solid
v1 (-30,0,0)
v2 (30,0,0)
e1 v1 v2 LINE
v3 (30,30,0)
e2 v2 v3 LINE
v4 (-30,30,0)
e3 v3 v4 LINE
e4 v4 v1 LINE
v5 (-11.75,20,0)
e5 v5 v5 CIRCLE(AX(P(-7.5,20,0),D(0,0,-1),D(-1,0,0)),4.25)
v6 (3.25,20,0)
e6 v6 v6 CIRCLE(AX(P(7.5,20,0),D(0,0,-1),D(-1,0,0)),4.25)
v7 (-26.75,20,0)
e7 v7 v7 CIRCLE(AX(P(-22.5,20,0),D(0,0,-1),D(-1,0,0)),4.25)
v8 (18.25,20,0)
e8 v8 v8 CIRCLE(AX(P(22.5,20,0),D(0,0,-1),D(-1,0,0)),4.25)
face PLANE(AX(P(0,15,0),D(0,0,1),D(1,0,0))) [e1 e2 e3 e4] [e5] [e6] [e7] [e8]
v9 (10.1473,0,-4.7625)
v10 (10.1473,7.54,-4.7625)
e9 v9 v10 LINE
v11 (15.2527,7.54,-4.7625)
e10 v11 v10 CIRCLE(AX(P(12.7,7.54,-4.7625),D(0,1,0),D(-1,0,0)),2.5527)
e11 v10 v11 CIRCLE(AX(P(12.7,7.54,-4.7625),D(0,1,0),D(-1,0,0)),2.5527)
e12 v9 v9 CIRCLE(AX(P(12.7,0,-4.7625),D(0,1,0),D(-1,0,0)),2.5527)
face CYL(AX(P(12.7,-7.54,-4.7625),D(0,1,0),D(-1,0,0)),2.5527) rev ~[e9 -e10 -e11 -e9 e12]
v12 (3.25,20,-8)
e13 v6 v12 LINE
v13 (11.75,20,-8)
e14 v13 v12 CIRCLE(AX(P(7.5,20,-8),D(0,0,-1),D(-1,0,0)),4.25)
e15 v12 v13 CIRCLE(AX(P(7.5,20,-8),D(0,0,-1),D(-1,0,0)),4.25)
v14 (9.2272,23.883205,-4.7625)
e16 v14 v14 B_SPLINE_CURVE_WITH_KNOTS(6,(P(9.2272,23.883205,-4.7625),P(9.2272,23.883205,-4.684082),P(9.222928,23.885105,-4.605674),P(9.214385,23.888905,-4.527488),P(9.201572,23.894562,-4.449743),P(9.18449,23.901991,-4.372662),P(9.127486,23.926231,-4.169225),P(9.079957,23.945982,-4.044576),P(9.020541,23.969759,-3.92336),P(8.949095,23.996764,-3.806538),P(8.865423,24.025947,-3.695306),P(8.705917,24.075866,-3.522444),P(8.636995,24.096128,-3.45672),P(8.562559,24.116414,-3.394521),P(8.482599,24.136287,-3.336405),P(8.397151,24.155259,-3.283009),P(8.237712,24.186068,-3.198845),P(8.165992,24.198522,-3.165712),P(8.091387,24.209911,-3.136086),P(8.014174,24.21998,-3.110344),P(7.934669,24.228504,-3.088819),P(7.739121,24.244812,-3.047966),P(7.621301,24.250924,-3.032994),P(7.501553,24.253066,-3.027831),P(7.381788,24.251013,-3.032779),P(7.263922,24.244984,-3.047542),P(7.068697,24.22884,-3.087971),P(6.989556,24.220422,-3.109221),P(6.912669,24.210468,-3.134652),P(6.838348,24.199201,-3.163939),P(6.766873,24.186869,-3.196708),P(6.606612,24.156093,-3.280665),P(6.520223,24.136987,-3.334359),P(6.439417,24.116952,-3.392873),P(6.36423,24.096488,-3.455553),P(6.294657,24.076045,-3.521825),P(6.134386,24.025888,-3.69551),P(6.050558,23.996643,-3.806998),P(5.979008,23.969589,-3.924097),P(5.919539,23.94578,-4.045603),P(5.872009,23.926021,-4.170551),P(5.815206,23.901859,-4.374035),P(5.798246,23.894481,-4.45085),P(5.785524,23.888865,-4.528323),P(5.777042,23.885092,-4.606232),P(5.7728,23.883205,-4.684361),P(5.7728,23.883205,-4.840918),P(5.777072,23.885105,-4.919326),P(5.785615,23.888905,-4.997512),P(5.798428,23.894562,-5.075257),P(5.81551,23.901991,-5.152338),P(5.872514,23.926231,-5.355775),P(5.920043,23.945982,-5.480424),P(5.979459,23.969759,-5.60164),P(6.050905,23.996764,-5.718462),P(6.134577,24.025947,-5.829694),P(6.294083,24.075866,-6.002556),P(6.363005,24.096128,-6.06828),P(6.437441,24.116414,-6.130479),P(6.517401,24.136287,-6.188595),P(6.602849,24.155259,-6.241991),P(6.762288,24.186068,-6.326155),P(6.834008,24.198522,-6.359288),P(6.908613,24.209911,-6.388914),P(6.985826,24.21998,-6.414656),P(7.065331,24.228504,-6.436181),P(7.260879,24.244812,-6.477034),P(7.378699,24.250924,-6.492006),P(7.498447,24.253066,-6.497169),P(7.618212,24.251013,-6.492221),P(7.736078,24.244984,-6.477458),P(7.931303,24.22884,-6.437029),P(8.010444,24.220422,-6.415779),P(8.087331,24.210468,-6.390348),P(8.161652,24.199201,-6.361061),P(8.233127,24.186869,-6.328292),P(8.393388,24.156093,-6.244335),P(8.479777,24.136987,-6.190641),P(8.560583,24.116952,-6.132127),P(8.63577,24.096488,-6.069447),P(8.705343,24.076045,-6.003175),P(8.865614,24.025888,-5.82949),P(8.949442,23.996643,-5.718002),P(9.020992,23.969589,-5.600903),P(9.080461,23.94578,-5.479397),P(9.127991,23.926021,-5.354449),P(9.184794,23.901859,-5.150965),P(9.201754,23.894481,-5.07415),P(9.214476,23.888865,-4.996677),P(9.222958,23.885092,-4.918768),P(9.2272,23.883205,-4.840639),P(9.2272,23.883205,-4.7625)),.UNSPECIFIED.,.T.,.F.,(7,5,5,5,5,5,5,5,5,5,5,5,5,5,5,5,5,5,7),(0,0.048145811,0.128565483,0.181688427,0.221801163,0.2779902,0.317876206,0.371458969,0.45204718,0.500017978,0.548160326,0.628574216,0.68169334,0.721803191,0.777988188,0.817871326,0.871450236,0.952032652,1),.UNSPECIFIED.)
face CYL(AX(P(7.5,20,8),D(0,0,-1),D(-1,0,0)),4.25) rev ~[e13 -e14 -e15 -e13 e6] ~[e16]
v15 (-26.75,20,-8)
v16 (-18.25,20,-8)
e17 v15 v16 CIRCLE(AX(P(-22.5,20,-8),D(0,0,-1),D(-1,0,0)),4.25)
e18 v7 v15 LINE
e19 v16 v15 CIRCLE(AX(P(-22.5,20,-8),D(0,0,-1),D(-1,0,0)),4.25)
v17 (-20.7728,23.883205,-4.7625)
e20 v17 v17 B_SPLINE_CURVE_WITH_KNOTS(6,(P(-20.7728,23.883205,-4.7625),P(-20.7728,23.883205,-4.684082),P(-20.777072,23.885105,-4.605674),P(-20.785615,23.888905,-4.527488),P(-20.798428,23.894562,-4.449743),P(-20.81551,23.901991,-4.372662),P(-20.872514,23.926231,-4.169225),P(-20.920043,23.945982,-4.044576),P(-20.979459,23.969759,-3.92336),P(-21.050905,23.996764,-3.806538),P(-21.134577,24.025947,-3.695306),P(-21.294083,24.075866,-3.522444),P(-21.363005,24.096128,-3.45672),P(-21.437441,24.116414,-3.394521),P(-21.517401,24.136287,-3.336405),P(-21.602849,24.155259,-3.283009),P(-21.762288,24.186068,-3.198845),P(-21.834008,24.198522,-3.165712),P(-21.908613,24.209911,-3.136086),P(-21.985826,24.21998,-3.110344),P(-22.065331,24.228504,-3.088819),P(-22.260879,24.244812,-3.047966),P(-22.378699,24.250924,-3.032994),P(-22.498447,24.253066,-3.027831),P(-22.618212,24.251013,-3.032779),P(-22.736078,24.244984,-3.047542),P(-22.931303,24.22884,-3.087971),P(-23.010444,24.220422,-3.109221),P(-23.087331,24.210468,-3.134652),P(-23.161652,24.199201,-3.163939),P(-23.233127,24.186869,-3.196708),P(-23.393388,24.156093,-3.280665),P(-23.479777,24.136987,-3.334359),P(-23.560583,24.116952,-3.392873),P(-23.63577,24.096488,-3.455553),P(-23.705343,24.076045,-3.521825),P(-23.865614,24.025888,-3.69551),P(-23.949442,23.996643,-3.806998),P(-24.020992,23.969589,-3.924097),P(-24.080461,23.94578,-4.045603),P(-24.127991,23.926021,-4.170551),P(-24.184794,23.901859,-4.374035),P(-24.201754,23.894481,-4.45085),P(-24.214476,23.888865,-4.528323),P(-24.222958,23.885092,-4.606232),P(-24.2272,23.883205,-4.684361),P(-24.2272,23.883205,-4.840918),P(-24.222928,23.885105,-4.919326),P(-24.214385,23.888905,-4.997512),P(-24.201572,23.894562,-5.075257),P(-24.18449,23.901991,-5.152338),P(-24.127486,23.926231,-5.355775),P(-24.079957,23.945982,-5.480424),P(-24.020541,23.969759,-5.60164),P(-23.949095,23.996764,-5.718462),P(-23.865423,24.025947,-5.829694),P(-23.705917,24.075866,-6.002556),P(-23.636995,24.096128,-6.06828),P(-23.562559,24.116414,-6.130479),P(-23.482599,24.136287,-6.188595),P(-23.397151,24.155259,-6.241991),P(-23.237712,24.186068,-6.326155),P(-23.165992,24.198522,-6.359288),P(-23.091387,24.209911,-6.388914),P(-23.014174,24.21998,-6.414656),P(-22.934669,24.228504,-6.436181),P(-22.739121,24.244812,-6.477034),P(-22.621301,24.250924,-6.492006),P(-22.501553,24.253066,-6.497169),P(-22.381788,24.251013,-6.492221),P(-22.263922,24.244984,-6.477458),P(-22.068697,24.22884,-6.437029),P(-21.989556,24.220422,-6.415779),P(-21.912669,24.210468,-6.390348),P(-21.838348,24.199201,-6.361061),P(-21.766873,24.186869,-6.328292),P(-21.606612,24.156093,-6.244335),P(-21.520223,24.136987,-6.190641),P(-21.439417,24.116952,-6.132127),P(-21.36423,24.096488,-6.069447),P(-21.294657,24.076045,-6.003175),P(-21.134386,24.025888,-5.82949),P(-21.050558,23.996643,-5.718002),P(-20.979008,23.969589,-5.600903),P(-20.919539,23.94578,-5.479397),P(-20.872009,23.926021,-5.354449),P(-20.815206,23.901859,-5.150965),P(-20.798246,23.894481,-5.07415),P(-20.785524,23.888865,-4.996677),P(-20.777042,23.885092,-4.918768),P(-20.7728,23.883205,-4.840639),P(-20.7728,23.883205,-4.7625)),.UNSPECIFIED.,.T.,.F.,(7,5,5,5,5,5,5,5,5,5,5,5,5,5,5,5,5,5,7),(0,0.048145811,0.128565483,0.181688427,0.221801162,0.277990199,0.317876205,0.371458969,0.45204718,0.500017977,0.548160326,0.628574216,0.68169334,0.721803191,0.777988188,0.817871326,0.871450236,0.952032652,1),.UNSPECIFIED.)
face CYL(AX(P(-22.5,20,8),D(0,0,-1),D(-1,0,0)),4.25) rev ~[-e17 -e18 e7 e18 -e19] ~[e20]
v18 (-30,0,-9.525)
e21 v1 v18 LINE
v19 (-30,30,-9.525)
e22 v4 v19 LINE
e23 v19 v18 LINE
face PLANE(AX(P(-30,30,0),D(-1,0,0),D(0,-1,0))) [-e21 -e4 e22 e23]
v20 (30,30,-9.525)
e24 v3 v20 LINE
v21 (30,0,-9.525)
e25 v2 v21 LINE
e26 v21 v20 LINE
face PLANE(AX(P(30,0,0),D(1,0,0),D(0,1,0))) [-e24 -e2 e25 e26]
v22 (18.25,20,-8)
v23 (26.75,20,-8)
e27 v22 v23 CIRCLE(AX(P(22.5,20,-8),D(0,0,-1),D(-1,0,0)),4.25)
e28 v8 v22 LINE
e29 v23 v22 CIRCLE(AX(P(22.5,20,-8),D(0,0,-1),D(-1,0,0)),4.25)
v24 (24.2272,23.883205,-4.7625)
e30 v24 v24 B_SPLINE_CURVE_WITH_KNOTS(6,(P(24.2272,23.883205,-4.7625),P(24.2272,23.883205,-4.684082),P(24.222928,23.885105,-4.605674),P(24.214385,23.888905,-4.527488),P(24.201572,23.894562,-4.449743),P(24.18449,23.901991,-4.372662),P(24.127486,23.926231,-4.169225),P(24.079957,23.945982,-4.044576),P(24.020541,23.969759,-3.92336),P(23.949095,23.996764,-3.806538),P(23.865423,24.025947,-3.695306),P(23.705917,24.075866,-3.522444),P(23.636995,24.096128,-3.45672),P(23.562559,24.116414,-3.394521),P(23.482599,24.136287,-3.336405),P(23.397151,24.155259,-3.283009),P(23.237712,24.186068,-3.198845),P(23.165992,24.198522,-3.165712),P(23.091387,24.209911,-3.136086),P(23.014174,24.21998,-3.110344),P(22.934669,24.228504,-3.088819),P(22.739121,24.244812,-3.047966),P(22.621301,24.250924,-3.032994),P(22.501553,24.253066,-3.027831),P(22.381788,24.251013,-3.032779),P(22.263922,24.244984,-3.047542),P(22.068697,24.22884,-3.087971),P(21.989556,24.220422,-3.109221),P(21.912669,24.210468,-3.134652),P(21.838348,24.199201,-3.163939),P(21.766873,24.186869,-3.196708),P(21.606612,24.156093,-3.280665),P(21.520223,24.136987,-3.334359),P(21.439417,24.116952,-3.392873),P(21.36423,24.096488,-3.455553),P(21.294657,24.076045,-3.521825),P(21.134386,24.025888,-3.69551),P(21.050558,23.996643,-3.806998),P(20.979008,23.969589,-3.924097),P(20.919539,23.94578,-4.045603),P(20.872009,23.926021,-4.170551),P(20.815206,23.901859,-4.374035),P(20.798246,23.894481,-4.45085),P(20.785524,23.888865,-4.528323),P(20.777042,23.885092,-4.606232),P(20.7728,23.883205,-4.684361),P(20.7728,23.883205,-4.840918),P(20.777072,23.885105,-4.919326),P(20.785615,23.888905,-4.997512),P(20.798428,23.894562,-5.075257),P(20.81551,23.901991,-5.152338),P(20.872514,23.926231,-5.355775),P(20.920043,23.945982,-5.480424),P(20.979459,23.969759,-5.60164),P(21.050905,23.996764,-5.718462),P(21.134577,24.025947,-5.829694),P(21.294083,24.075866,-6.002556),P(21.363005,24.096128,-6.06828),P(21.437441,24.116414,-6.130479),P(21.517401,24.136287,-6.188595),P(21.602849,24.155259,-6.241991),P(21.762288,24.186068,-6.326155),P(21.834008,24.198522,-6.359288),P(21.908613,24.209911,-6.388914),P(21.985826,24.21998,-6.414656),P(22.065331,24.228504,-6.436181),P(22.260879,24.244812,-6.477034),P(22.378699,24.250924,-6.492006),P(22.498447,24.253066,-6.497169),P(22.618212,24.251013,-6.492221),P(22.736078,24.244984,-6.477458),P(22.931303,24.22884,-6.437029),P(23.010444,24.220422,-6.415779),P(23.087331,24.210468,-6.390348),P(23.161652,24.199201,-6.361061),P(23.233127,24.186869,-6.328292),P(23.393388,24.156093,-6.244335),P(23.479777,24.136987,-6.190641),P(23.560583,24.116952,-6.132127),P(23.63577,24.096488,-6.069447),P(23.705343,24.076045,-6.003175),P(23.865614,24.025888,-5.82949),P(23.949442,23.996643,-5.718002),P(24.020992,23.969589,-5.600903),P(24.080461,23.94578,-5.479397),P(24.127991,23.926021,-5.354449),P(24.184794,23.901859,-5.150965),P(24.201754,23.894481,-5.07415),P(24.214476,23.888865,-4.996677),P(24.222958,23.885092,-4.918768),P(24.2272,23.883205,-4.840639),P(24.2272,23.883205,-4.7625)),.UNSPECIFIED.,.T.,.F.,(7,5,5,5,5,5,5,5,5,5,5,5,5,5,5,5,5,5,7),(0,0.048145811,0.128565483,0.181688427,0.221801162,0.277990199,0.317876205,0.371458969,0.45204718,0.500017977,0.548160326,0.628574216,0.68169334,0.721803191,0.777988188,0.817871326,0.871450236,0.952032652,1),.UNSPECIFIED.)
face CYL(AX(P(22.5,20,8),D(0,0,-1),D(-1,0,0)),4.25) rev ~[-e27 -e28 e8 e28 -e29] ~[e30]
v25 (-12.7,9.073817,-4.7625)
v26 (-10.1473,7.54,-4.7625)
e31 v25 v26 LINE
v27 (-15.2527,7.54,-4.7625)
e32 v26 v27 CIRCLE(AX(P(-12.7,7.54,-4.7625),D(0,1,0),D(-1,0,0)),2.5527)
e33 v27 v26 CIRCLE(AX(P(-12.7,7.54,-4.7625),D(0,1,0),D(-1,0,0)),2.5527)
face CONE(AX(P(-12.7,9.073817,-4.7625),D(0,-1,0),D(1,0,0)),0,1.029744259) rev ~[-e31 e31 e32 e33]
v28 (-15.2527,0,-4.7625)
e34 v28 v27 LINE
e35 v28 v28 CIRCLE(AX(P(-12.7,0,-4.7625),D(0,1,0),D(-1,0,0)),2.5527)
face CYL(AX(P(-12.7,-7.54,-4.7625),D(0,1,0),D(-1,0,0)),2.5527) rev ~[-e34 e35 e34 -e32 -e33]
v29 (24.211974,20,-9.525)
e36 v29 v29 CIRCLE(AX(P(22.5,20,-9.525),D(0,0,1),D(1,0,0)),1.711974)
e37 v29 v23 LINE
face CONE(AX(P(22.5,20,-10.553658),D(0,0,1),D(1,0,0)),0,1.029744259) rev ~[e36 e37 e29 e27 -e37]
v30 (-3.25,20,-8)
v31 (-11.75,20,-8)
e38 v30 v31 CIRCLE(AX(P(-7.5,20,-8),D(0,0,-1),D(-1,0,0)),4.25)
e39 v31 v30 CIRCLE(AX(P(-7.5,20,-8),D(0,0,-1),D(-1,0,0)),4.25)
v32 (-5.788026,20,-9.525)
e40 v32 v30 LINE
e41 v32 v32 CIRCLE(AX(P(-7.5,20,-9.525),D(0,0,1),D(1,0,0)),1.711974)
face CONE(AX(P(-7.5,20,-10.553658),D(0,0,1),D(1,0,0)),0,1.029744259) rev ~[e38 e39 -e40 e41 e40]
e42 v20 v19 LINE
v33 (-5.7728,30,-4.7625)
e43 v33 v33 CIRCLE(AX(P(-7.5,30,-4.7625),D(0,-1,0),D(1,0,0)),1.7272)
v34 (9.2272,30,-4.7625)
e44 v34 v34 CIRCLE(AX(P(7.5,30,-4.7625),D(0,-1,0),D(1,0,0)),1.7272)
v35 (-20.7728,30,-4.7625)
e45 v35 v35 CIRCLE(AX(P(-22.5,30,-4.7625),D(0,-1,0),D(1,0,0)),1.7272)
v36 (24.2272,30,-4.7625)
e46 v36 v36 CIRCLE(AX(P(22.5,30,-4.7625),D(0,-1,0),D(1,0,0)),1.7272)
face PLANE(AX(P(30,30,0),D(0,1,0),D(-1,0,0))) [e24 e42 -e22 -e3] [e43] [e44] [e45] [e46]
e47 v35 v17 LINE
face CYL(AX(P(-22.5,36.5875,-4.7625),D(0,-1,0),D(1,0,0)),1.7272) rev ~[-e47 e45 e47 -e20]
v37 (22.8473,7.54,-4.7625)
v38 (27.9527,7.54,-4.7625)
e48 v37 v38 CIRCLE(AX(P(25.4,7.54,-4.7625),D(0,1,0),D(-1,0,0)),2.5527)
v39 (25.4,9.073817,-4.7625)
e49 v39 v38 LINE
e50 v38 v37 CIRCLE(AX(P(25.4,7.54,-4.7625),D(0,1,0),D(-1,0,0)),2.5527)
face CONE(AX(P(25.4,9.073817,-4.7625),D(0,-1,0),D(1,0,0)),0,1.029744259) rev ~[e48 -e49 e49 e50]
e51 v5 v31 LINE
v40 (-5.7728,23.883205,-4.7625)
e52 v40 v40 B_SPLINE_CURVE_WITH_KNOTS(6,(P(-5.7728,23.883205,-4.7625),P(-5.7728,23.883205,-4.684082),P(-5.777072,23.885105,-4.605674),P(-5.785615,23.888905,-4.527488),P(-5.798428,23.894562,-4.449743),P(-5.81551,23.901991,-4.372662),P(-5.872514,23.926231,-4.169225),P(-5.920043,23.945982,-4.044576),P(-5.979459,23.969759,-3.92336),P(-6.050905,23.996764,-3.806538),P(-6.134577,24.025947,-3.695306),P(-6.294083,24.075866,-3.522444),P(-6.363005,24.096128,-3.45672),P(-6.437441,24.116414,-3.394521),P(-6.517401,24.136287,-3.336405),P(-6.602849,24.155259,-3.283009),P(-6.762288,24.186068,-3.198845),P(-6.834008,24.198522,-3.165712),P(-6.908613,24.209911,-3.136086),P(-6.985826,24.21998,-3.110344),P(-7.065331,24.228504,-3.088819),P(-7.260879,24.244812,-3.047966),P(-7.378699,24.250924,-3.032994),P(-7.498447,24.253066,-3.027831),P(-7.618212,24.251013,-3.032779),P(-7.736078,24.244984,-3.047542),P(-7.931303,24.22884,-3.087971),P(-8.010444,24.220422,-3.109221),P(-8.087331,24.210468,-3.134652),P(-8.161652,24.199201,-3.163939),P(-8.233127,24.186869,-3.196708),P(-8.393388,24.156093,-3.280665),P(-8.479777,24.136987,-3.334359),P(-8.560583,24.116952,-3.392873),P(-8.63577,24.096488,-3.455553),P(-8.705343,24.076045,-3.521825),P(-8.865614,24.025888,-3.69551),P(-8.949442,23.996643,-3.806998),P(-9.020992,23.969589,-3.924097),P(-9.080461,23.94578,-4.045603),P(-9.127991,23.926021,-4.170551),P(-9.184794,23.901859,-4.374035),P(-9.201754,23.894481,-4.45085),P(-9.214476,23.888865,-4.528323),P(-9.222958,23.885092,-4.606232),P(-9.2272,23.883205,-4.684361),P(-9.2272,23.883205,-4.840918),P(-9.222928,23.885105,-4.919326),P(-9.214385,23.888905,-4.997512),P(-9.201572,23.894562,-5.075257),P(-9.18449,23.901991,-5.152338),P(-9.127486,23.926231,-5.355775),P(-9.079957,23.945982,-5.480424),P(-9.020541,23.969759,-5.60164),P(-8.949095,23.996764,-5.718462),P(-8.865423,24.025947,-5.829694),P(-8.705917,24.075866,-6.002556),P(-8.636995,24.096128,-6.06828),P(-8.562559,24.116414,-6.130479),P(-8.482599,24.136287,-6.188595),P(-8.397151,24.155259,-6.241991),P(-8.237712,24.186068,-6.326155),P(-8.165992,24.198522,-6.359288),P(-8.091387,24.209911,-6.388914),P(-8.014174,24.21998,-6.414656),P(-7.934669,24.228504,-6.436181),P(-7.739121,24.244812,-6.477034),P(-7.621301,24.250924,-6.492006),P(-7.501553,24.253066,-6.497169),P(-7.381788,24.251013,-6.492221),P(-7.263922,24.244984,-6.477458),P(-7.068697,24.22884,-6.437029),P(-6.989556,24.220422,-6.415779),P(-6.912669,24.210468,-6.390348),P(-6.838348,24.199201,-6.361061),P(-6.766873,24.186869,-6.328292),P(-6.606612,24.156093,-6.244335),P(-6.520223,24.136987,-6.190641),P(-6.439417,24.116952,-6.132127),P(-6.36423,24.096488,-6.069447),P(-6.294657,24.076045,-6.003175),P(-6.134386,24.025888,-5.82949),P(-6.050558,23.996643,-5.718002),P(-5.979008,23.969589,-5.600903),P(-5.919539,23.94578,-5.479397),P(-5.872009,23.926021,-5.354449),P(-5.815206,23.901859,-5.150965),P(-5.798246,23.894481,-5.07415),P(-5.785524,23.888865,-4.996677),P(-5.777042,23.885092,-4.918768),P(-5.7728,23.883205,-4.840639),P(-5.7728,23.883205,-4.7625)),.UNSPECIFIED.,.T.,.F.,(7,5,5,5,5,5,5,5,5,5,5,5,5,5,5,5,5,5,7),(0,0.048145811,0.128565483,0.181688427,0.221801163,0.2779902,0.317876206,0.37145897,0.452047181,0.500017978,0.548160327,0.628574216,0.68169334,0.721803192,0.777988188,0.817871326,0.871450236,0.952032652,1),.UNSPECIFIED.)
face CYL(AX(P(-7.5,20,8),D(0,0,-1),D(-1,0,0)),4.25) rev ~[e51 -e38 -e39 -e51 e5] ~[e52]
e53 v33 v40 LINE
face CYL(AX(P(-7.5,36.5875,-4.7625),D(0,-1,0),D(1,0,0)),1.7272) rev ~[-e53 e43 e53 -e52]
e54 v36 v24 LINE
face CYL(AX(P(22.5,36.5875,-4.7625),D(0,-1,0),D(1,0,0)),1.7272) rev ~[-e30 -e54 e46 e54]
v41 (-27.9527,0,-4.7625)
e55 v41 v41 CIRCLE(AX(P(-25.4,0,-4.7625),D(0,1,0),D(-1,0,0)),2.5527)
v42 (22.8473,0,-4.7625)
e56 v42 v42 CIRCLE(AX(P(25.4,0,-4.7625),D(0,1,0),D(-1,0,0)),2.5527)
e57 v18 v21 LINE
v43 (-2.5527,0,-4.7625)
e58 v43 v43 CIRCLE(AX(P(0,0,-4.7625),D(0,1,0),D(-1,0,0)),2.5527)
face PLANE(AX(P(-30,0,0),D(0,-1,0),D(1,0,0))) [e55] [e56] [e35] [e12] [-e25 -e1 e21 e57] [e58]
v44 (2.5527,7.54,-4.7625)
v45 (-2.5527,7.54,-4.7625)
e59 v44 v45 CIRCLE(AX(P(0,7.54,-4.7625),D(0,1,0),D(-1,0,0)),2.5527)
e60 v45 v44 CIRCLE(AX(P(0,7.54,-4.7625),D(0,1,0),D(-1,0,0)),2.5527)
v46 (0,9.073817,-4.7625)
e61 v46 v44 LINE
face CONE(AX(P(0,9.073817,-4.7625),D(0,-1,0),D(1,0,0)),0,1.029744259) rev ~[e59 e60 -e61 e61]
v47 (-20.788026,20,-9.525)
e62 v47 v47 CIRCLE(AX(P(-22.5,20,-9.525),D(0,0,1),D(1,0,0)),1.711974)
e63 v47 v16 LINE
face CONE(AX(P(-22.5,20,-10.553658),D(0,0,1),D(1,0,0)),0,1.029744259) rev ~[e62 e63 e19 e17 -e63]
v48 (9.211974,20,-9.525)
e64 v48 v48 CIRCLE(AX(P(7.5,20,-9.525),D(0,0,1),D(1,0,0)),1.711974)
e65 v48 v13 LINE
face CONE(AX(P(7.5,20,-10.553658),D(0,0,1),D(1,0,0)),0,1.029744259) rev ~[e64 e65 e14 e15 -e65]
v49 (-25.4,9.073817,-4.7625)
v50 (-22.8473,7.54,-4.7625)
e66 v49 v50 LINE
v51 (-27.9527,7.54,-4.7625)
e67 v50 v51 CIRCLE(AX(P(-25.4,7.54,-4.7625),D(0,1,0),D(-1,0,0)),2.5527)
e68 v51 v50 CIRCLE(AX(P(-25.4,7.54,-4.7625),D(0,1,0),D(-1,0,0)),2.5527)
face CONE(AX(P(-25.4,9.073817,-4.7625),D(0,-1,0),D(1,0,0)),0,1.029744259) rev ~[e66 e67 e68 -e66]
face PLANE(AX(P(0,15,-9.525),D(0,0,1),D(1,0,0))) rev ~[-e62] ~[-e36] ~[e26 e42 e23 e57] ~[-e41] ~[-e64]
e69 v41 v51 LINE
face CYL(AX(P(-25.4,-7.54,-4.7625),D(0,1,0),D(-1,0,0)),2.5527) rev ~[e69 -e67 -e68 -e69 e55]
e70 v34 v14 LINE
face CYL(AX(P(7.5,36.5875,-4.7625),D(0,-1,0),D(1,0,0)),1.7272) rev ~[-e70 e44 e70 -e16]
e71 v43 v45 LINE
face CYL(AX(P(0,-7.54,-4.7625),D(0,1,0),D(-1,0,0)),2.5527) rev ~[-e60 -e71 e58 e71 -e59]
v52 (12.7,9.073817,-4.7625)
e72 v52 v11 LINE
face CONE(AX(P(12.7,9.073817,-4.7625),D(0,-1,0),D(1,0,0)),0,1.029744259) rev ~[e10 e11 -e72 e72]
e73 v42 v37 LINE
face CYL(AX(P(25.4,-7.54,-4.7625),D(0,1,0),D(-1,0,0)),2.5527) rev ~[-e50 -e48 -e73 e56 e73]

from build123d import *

# Parameters (mm, degrees)
F1_DEPTH = 9.525
F2_D     = 8.5
F2_DEPTH = 8
F2_TIP   = 2.5536576309
F4_D     = 5.1054
F4_DEPTH = 7.54
F4_TIP   = 1.5338169022
F6_D     = 3.4544
F6_DEPTH = 6.5875
F6_TIP   = 1.0378064612


with BuildPart() as f1:
    # F0 (on Top) → F1 (new body)
    with BuildSketch(Plane.XY):
        Polygon((-30, 0), (0, 0), (30, 0), (30, 30), (0, 30), (-30, 30), align=None)
    extrude(amount=-F1_DEPTH)

    # F2
    with Locations(Plane.XY):
        with Locations((-22.5, 20), (-7.5, 20), (7.5, 20), (22.5, 20)):
            Hole(F2_D / 2, depth=F2_DEPTH)
            with Locations((0, 0, -(F2_DEPTH + F2_TIP / 2))):  # 118° drill point
                Cone(0, F2_D / 2, F2_TIP, mode=Mode.SUBTRACT)

    # F4
    with Locations(Plane.XZ):
        with Locations((-25.4, -4.7625), (-12.7, -4.7625), (0, -4.7625), (12.7, -4.7625), (25.4, -4.7625)):
            Hole(F4_D / 2, depth=F4_DEPTH)
            with Locations((0, 0, -(F4_DEPTH + F4_TIP / 2))):  # 118° drill point
                Cone(0, F4_D / 2, F4_TIP, mode=Mode.SUBTRACT)

    # F6
    with Locations(Plane(origin=(0, 30, 0), x_dir=(-1, 0, 0), z_dir=(0, 1, 0))):
        with Locations((-22.5, -4.7625), (-7.5, -4.7625), (7.5, -4.7625), (22.5, -4.7625)):
            Hole(F6_D / 2, depth=F6_DEPTH)
            with Locations((0, 0, -(F6_DEPTH + F6_TIP / 2))):  # 118° drill point
                Cone(0, F6_D / 2, F6_TIP, mode=Mode.SUBTRACT)


solid = f1.part
